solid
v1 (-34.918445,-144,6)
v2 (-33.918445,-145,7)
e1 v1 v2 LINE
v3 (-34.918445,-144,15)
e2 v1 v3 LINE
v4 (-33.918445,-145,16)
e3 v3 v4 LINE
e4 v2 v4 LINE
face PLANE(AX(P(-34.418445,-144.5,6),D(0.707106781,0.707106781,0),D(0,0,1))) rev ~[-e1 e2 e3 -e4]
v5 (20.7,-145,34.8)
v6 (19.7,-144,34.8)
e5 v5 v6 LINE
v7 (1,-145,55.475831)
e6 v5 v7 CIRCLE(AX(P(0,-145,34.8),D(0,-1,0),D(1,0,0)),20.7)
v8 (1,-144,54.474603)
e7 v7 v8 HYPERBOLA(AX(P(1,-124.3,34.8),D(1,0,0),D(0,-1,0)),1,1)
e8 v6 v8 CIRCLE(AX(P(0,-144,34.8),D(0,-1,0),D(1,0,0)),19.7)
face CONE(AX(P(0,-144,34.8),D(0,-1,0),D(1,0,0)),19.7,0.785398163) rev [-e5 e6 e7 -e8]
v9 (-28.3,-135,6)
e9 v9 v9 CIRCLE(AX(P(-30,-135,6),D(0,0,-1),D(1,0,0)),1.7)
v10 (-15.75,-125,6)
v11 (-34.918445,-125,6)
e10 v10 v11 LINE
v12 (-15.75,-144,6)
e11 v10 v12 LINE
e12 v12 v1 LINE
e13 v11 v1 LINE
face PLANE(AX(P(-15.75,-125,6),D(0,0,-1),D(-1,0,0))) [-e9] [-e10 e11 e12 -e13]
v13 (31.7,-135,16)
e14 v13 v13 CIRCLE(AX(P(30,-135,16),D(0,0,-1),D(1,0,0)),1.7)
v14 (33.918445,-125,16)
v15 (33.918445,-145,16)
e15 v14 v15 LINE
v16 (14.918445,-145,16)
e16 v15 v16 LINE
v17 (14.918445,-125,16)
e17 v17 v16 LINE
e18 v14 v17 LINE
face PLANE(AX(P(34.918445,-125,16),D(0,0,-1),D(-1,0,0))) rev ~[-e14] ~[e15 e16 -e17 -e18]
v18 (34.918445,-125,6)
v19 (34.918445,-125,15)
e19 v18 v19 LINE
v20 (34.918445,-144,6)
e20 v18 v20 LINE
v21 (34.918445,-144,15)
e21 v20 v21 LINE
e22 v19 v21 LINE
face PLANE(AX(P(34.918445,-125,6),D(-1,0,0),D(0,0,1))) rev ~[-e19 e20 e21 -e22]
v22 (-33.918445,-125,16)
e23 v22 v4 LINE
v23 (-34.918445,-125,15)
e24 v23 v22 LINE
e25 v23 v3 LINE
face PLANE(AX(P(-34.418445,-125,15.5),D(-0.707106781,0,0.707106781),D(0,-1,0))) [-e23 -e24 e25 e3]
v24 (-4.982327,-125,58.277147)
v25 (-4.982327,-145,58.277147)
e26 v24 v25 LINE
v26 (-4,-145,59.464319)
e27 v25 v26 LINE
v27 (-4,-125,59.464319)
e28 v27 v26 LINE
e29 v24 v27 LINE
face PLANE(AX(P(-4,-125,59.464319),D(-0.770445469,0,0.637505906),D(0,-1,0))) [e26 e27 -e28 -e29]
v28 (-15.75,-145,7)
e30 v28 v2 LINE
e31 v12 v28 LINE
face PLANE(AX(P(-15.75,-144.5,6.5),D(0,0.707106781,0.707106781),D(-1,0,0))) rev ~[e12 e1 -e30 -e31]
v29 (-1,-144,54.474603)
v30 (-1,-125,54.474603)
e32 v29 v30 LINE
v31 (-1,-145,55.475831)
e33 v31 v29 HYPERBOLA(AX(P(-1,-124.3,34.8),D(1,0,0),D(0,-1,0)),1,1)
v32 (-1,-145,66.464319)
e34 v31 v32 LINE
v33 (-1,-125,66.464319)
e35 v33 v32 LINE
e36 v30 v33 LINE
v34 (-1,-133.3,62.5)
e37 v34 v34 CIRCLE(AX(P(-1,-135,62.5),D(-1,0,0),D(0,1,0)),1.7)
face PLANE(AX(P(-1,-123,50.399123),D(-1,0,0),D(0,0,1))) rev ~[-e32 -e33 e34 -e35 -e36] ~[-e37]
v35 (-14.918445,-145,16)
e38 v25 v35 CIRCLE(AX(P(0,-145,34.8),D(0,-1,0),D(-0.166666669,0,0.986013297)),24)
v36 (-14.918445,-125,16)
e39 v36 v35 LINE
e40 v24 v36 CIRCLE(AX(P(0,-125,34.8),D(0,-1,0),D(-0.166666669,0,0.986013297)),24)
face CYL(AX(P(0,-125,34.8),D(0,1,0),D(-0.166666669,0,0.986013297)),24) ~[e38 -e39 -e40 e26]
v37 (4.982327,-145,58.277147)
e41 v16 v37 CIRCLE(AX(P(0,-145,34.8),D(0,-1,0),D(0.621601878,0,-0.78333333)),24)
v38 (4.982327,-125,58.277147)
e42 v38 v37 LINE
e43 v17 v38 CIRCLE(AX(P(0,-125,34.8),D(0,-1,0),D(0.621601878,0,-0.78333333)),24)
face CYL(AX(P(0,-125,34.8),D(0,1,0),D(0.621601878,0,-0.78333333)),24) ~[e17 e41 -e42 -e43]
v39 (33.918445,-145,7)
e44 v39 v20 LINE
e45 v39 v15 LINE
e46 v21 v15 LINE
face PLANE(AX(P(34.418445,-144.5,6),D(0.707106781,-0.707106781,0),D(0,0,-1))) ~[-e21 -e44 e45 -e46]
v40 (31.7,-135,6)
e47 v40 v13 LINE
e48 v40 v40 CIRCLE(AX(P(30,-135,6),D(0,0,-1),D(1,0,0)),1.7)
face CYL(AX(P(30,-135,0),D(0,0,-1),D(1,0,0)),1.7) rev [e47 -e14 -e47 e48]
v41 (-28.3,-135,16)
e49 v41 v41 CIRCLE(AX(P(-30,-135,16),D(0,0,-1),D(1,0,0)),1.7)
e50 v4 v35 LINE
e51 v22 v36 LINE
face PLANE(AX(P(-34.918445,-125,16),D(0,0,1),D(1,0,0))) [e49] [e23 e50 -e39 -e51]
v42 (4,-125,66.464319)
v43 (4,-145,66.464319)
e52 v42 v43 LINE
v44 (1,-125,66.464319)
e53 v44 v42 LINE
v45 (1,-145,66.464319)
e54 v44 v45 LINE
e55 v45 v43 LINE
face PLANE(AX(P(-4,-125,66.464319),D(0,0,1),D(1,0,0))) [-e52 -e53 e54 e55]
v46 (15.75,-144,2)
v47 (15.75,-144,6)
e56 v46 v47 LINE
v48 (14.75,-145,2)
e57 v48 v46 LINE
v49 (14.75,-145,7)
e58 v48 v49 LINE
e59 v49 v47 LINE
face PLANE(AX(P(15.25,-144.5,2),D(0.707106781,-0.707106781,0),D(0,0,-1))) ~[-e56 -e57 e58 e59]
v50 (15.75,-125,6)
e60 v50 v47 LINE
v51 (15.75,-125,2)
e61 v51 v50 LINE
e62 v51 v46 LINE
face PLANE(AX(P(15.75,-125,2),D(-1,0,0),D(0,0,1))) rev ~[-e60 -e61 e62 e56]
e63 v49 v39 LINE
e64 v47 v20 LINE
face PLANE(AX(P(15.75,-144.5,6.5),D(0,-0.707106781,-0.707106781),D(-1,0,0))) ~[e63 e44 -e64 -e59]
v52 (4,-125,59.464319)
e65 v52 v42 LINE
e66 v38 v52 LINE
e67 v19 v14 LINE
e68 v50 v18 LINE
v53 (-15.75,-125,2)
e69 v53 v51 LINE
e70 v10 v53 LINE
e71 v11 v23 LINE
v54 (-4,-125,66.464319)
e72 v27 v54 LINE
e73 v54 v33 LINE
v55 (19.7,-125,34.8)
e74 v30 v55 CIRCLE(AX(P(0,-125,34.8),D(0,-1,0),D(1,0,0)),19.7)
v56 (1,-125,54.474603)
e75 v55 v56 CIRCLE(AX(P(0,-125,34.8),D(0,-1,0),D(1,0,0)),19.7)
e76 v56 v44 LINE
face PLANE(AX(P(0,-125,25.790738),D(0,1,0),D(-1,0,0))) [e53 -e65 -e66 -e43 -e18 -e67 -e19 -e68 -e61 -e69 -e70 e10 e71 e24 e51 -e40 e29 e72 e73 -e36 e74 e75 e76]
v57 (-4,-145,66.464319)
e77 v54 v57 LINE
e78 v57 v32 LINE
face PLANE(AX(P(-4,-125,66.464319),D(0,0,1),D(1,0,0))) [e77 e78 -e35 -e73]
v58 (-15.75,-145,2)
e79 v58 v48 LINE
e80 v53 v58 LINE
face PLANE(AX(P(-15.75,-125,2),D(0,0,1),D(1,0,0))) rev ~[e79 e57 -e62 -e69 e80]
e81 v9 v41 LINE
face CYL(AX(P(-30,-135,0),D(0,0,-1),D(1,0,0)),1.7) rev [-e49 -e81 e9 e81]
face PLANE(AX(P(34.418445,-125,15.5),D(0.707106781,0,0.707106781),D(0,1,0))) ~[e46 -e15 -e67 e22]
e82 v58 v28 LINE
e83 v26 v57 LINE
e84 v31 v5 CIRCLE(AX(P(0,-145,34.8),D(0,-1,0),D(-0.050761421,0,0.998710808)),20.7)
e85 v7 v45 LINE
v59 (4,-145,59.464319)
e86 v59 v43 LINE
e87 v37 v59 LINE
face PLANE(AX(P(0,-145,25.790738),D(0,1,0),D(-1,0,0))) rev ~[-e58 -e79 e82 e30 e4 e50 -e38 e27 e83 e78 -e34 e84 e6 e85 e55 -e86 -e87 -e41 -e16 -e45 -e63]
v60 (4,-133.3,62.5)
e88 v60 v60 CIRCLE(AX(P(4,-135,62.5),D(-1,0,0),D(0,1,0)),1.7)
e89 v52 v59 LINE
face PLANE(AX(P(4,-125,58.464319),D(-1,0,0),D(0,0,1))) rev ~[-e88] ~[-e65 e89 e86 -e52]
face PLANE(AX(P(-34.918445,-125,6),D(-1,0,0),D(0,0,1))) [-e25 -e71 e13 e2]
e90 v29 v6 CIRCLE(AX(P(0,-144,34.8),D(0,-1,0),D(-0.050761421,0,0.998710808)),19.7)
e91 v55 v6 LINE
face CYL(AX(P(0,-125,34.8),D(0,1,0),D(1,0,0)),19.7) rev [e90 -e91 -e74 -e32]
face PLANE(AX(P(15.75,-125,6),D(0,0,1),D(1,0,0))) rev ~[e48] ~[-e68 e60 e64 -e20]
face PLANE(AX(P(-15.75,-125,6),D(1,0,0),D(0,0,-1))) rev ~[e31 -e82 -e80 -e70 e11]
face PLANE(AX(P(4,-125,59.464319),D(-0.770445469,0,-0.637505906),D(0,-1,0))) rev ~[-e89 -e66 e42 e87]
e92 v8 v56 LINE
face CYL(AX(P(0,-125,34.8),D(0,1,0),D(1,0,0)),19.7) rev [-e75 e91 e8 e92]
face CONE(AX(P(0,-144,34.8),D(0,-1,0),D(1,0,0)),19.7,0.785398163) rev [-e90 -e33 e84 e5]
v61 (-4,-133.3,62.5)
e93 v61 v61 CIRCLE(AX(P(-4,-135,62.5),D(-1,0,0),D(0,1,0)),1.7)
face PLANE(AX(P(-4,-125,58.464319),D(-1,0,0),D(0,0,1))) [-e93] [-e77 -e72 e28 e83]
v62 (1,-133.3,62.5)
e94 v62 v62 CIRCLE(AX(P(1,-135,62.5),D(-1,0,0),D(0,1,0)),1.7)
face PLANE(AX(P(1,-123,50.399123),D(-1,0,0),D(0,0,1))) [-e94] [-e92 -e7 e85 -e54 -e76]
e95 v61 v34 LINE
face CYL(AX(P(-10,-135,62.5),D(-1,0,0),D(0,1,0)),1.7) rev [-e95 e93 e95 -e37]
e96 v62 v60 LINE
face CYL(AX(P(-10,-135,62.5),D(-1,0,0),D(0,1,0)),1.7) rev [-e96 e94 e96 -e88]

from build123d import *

# Parameters (mm, degrees)
SKETCH_R        = 19.7
PAD011_DEPTH    = 20
SKETCH020_W     = 2
SKETCH020_H     = 18
POCKET001_DEPTH = 30
SKETCH021_R     = 1.7
HOLE001_DEPTH   = 25
SKETCH022_R     = 1.7
HOLE002_DEPTH   = 25
CHAMFER003_SIZE = 1


with BuildPart() as part:
    # Sketch → Pad011 (new body)
    with BuildSketch(Plane.XZ.offset(100)):
        with BuildLine():
            Line((-34.918445, 6), (-34.918445, 16))
            Line((-34.918445, 16), (-14.918445, 16))
            ThreePointArc((-4, 58.464319), (-23.243956, 40.776496), (-14.918445, 16))
            Line((-4, 58.464319), (-4, 66.464319))
            Line((-4, 66.464319), (4, 66.464319))
            Line((4, 58.464319), (4, 66.464319))
            ThreePointArc((14.918445, 16), (23.243956, 40.776496), (4, 58.464319))
            Line((34.918445, 16), (14.918445, 16))
            Line((34.918445, 6), (34.918445, 16))
            Line((15.75, 6), (34.918445, 6))
            Line((15.75, 2), (15.75, 6))
            Line((-15.75, 2), (15.75, 2))
            Line((-15.75, 6), (-15.75, 2))
            Line((-15.75, 6), (-34.918445, 6))
        make_face()
        with Locations((0, 34.8)):
            Circle(SKETCH_R, mode=Mode.SUBTRACT)
    extrude(amount=PAD011_DEPTH)

    # Sketch020 → Pocket001 (cut)
    with BuildSketch(Plane.XZ.offset(98)):
        with Locations((0, 59.399123)):
            Rectangle(SKETCH020_W, SKETCH020_H)
    extrude(amount=POCKET001_DEPTH, mode=Mode.SUBTRACT)

    # Sketch021 → Hole001 (cut)
    with BuildSketch(Plane.XY):
        with Locations((-30, -110)):
            Circle(SKETCH021_R)
        with Locations((30, -110)):
            Circle(SKETCH021_R)
    extrude(amount=HOLE001_DEPTH, mode=Mode.SUBTRACT)

    # Sketch022 → Hole002 (cut)
    with BuildSketch(Plane.YZ.offset(-10)):
        with Locations((-110, 62.5)):
            Circle(SKETCH022_R)
    extrude(amount=HOLE002_DEPTH, mode=Mode.SUBTRACT)

    # Chamfer003
    chamfer003_edges = [part.edges().sort_by_distance(p)[0] for p in [
        (-13.571846, -120, 20.520819),
        (14.279181, -120, 48.371846),
        (-4, -110, 58.464319),
        (4, -110, 58.464319),
        (34.918445, -110, 16),
        (-34.918445, -110, 16),
        (-34.918445, -120, 11),
        (34.918445, -120, 11),
        (-25.334222, -120, 6),
        (15.75, -120, 4),
        (25.334222, -120, 6),
    ]]
    chamfer(chamfer003_edges, length=CHAMFER003_SIZE)


with BuildPart() as part_1:
    # Body placement: moved
    add(part.part.moved(Location((0, -25, 0))))


solid = part_1.part
